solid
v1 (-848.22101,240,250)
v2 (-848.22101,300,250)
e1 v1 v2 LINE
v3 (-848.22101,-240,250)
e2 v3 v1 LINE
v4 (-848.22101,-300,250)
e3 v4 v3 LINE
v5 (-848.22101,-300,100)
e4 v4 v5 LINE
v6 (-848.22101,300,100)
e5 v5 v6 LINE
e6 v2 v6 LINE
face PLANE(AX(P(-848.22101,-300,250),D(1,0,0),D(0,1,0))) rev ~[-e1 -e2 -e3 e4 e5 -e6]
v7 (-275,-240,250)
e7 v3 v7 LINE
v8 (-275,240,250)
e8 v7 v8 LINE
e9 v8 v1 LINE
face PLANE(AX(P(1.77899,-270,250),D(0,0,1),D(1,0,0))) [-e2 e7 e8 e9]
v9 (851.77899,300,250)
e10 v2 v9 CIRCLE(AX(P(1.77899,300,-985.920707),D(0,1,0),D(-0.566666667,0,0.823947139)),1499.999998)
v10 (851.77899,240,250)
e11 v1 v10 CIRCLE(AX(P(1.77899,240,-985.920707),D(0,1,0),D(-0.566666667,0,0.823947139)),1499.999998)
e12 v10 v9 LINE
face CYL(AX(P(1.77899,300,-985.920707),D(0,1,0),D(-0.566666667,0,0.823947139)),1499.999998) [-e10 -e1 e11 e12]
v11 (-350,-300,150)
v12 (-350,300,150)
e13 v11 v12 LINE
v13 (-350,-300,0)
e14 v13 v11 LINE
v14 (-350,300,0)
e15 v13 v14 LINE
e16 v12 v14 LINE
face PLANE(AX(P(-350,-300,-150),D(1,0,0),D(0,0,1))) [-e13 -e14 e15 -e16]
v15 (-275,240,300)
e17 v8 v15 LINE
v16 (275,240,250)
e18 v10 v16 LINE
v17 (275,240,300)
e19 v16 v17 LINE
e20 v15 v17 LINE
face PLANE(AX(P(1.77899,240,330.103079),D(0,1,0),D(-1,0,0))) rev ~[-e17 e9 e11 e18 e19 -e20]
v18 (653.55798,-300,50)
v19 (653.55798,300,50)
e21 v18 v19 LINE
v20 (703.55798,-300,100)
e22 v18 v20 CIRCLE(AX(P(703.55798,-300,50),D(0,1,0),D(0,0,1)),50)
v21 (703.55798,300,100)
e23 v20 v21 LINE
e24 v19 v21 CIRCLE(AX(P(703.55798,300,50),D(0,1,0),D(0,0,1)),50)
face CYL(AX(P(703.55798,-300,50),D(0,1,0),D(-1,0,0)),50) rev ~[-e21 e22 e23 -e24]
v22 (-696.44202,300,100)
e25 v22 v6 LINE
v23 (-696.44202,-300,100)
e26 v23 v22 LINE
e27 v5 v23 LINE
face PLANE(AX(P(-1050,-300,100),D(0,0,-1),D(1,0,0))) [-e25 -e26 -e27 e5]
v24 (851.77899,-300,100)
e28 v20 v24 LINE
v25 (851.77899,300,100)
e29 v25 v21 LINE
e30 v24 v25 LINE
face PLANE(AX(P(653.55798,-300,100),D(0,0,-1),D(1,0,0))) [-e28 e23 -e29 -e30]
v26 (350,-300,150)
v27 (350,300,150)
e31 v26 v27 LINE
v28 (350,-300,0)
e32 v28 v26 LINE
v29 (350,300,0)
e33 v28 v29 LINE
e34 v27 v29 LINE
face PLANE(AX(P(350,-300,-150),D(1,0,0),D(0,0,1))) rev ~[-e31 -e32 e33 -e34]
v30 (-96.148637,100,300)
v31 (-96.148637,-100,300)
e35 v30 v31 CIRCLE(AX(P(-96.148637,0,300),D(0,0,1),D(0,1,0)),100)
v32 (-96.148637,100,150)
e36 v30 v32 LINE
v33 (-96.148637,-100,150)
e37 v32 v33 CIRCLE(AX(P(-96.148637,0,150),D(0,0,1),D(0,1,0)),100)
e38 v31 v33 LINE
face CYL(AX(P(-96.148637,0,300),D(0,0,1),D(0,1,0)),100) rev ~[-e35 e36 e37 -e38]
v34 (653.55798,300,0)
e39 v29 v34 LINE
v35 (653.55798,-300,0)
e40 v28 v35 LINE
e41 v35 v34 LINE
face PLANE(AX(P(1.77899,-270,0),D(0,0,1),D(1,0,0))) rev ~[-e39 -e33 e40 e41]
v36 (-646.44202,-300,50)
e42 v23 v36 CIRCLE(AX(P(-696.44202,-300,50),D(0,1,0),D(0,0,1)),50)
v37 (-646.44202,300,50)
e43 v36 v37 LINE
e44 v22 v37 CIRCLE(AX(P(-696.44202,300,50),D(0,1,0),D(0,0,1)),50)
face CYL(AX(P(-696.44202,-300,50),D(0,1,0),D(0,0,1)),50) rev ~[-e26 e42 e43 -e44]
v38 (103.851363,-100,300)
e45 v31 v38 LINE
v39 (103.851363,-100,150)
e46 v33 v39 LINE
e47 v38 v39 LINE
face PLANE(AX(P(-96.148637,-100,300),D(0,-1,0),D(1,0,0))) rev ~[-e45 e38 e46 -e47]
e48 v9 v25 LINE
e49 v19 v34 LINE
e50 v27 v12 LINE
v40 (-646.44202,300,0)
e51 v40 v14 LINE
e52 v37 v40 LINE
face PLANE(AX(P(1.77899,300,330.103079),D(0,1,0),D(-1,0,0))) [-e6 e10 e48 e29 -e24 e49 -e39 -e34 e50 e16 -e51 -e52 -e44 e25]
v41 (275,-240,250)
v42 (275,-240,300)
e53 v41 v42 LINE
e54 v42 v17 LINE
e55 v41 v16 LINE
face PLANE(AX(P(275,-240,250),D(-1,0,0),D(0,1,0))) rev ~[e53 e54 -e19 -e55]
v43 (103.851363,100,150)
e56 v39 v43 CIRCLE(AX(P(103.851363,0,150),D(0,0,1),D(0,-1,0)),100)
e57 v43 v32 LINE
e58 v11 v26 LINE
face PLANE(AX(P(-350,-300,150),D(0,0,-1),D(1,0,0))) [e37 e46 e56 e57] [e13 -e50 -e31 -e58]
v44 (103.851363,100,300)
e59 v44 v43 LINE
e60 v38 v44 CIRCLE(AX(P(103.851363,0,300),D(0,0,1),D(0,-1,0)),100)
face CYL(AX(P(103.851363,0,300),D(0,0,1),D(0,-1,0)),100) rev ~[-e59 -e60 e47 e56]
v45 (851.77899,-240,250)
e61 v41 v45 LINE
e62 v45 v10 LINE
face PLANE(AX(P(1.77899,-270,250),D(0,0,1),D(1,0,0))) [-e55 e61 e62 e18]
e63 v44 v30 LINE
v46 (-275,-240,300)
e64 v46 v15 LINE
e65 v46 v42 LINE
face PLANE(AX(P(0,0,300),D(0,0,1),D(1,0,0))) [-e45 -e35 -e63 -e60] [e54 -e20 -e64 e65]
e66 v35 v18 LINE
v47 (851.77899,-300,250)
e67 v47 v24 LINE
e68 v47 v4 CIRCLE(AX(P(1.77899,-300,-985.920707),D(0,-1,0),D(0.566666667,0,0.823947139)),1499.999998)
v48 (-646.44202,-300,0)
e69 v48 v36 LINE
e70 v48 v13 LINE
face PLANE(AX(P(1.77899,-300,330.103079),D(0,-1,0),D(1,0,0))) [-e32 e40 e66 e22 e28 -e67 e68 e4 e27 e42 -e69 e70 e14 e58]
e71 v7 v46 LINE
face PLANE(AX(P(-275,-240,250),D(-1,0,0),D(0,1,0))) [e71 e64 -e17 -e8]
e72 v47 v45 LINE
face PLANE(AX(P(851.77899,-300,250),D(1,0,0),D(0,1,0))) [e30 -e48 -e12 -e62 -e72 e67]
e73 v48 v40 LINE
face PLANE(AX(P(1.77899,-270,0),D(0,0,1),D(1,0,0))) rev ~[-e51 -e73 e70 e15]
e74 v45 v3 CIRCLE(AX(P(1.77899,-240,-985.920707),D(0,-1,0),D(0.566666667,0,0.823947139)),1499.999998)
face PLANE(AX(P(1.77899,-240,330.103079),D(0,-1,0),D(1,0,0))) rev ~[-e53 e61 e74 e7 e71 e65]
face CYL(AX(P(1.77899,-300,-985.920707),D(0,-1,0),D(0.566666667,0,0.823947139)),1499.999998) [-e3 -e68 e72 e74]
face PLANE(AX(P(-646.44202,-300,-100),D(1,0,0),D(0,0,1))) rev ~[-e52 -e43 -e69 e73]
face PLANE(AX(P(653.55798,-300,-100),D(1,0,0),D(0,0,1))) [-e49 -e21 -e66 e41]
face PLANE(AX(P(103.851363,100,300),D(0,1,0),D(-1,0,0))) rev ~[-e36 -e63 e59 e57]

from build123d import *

# Parameters (mm, degrees)
F0_W      = 1700
F0_H      = 480
F1_DEPTH  = 250
F2_W      = 1700
F2_H      = 60
F3_DEPTH  = 250
F5_DEPTH  = 60
F7_DEPTH  = 60
F8_W      = 550
F8_H      = 480
F9_DEPTH  = 50
F11_DEPTH = 300.001
F12_W     = 700
F12_H     = 300
F13_DEPTH = 600.001
F14_W     = 403.557981
F14_H     = 200
F15_DEPTH = 600.001
F16_R     = 50
F17_W     = 396.442019
F17_H     = 200
F18_DEPTH = 600.001
F19_R     = 50


with BuildPart() as f1:
    # F0 (on Top) → F1 (new body)
    with BuildSketch(Plane.XY):
        with Locations((1.77899, 0)):
            Rectangle(F0_W, F0_H)
    extrude(amount=F1_DEPTH)

    # F2 (on face) → F3 (join)
    with BuildSketch(Plane.XY.offset(250)):
        with Locations((1.77899, -270)):
            Rectangle(F2_W, F2_H)
        with Locations((1.77899, 270)):
            Rectangle(F2_W, F2_H)
    extrude(amount=-F3_DEPTH)

    # F4 (on face) → F5 (join)
    with BuildSketch(Plane.XZ.offset(300)):
        with BuildLine():
            Line((-848.22101, 250), (851.77899, 250))
            ThreePointArc((851.77899, 250), (1.77899, 514.079291), (-848.22101, 250))
        make_face()
    extrude(amount=-F5_DEPTH)

    # F6 (on face) → F7 (join)
    with BuildSketch(Plane(origin=(0, 300, 0), x_dir=(-1, 0, 0), z_dir=(0, 1, 0))):
        with BuildLine():
            Line((-851.77899, 250), (848.22101, 250))
            ThreePointArc((848.22101, 250), (-1.77899, 514.079291), (-851.77899, 250))
        make_face()
    extrude(amount=-F7_DEPTH)

    # F8 (on face) → F9 (join)
    with BuildSketch(Plane.XY.offset(250)):
        Rectangle(F8_W, F8_H)
    extrude(amount=F9_DEPTH)

    # F10 (on face) → F11 (cut, through all)
    with BuildSketch(Plane.XY.offset(300)):
        with BuildLine():
            Line((-96.148637, -100), (103.851363, -100))
            ThreePointArc((103.851363, -100), (203.851363, 0), (103.851363, 100))
            Line((103.851363, 100), (-96.148637, 100))
            ThreePointArc((-96.148637, 100), (-196.148637, 0), (-96.148637, -100))
        make_face()
    extrude(amount=-F11_DEPTH, mode=Mode.SUBTRACT)

    # F12 (on face) → F13 (cut, through all)
    with BuildSketch(Plane.XZ.offset(300)):
        Rectangle(F12_W, F12_H)
    extrude(amount=-F13_DEPTH, mode=Mode.SUBTRACT)

    # F14 (on face) → F15 (cut, through all)
    with BuildSketch(Plane.XZ.offset(300)):
        with Locations((-848.22101, 0)):
            Rectangle(F14_W, F14_H)
    extrude(amount=-F15_DEPTH, mode=Mode.SUBTRACT)

    # F16
    f16_edges = [f1.edges().sort_by_distance(p)[0] for p in [
        (-646.442019, 0, 100),
    ]]
    fillet(f16_edges, radius=F16_R)

    # F17 (on face) → F18 (cut, through all)
    with BuildSketch(Plane.XZ.offset(300)):
        with Locations((851.77899, 0)):
            Rectangle(F17_W, F17_H)
    extrude(amount=-F18_DEPTH, mode=Mode.SUBTRACT)

    # F19
    f19_edges = [f1.edges().sort_by_distance(p)[0] for p in [
        (653.557981, 0, 100),
    ]]
    fillet(f19_edges, radius=F19_R)


solid = f1.part
